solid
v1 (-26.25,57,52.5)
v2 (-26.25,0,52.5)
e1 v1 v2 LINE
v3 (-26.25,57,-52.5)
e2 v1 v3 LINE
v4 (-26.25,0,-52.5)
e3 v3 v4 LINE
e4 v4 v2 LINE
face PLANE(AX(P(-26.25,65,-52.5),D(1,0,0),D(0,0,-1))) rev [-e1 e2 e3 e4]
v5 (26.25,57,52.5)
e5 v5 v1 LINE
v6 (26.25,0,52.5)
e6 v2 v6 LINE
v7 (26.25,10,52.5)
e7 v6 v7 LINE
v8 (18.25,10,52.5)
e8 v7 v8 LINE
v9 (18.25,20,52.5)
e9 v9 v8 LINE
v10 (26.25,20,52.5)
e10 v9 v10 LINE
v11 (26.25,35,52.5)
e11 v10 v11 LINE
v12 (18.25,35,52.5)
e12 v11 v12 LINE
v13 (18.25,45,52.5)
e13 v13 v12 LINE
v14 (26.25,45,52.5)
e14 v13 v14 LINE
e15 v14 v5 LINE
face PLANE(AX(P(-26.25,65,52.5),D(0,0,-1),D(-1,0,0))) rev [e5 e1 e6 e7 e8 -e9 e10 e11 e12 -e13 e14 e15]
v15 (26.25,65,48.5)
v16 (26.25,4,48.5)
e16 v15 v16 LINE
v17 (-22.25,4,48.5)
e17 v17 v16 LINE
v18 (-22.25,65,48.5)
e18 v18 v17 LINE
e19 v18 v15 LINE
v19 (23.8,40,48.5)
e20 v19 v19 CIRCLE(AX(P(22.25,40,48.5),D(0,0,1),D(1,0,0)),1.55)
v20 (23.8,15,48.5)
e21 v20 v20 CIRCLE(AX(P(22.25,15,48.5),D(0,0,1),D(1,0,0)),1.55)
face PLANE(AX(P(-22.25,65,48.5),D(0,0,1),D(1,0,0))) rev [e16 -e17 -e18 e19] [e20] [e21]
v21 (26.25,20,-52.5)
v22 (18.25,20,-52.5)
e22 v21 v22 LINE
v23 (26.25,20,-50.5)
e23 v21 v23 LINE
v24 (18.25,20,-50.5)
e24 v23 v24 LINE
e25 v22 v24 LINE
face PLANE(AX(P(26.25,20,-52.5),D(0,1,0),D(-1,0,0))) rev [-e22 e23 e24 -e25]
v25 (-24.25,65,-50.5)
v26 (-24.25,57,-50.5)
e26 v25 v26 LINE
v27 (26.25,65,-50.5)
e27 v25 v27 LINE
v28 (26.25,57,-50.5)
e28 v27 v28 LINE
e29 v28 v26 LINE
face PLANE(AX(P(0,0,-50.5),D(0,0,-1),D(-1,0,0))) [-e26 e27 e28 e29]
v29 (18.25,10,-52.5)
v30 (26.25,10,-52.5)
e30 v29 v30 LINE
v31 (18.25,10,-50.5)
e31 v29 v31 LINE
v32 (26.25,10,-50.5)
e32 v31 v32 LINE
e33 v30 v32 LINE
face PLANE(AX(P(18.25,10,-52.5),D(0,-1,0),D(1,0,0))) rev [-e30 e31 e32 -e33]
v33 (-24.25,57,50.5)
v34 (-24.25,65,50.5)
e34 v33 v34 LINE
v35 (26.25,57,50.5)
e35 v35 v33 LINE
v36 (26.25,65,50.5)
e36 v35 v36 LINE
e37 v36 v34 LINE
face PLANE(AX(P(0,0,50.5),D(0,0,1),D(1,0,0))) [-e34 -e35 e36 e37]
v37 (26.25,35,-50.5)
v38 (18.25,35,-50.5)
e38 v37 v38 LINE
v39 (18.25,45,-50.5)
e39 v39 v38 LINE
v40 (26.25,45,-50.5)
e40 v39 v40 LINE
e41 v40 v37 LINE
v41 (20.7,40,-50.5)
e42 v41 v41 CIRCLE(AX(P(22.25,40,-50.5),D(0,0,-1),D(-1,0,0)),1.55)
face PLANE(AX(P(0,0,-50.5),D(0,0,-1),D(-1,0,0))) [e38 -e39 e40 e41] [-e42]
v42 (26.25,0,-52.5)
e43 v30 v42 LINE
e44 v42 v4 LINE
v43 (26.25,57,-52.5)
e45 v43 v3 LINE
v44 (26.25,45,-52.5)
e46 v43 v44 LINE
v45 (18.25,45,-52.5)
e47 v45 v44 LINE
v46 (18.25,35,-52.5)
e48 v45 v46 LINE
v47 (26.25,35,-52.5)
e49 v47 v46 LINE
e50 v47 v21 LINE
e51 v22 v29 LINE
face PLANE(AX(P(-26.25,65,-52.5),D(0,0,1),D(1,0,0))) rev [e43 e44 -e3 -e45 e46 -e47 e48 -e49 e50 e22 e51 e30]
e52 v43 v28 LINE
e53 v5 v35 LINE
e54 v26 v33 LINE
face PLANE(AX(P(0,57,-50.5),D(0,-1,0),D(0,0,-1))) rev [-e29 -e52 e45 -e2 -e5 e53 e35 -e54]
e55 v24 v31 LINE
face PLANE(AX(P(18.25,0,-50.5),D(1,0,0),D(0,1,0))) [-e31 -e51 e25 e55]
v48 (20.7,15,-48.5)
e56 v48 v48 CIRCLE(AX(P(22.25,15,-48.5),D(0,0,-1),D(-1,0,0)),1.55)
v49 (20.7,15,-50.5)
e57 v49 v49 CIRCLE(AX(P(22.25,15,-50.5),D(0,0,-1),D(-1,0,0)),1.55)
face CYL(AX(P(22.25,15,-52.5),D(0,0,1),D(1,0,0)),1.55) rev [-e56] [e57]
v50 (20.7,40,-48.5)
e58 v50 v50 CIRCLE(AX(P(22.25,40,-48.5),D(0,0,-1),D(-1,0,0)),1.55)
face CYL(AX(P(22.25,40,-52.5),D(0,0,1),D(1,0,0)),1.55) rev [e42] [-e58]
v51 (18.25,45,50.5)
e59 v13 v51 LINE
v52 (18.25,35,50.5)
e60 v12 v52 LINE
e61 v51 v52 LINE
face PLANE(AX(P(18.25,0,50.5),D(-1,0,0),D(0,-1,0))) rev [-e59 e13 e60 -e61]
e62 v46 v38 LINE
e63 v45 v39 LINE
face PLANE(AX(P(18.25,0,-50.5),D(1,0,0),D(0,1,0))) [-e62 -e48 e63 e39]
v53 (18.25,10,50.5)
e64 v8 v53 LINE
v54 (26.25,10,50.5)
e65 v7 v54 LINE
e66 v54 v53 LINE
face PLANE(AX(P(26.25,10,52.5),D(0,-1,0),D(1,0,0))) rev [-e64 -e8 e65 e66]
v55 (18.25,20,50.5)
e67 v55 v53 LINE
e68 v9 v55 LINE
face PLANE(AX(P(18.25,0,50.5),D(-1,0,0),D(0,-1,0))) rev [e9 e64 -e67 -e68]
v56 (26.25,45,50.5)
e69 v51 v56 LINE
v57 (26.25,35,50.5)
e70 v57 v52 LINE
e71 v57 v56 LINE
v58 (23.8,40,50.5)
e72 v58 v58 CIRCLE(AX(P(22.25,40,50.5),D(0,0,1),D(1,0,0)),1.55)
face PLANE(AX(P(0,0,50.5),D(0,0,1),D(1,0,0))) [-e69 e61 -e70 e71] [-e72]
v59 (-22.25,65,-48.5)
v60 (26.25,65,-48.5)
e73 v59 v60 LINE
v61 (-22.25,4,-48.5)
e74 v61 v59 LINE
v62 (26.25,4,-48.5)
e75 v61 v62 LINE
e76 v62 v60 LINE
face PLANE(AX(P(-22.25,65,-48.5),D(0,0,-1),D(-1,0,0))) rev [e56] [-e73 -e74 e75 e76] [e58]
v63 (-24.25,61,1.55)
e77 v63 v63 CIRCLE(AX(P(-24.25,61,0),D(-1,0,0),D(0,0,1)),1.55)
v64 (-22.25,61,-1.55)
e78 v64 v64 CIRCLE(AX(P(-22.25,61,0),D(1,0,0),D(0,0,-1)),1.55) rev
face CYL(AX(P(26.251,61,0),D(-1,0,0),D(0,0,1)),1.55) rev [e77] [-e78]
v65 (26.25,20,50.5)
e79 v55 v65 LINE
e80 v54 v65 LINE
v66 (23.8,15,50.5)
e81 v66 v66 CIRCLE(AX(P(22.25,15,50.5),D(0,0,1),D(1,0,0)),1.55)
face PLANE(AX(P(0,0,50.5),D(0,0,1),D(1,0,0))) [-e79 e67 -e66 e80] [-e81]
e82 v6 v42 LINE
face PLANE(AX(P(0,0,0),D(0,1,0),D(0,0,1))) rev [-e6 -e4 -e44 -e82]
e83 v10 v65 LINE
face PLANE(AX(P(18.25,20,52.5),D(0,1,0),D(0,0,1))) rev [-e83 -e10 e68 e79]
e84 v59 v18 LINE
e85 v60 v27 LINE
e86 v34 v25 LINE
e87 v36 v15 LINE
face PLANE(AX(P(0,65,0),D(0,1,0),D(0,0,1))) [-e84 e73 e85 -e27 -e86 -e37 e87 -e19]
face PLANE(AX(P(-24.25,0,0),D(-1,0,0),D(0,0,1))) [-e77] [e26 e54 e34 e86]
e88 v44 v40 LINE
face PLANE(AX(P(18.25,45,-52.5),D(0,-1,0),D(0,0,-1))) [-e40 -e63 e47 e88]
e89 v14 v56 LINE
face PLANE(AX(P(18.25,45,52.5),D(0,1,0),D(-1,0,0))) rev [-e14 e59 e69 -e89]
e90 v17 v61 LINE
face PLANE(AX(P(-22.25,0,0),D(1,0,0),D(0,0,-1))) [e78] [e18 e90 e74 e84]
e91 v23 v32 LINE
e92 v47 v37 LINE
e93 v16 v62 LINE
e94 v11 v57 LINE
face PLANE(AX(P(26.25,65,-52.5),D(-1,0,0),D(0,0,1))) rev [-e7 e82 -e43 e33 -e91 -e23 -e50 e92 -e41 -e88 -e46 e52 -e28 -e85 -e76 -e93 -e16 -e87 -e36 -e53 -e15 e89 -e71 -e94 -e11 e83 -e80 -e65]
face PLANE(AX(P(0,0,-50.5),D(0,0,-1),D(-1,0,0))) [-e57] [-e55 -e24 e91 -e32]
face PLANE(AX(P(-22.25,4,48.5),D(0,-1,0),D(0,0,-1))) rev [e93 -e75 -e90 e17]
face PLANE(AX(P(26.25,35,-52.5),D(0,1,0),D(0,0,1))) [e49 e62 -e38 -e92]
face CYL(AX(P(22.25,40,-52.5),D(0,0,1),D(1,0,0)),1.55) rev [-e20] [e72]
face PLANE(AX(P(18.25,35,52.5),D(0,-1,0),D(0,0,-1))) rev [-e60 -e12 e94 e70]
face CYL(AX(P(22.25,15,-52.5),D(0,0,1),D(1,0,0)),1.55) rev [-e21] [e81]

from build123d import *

# Parameters (mm, degrees)
SKETCH1_W           = 52.5
SKETCH1_H           = 105
BOSS_EXTRUDE1_DEPTH = 65
SKETCH2_W           = 97
SKETCH2_H           = 61
CUT_EXTRUDE1_DEPTH  = 48.5
SKETCH4_W           = 8
SKETCH4_H           = 57
CUT_EXTRUDE2_DEPTH  = 2
SKETCH5_W           = 8
SKETCH5_H           = 57
CUT_EXTRUDE3_DEPTH  = 2
SKETCH7_W           = 101
SKETCH7_H           = 8
CUT_EXTRUDE5_DEPTH  = 2
CUT_EXTRUDE6_REACH  = 52.5
SKETCH9_R           = 1.55
SKETCH10_R          = 1.55
CUT_EXTRUDE7_DEPTH  = 104
SKETCH12_W          = 8
SKETCH12_H          = 12
SKETCH12_H_2        = 10
SKETCH12_H_3        = 15
BOSS_EXTRUDE2_DEPTH = 2
SKETCH13_W          = 8
SKETCH13_H          = 12
SKETCH13_H_2        = 15
SKETCH13_H_3        = 10
BOSS_EXTRUDE3_DEPTH = 2


with BuildPart() as part:
    # Sketch1 → Boss-Extrude1 (new body)
    with BuildSketch(Plane(origin=(0, 0, 0), x_dir=(1, 0, 0), z_dir=(0, 1, 0))):
        Rectangle(SKETCH1_W, SKETCH1_H)
    extrude(amount=BOSS_EXTRUDE1_DEPTH)

    # Sketch2 → Cut-Extrude1 (cut)
    with BuildSketch(Plane(origin=(26.25, 0, 0), x_dir=(0, 0, -1), z_dir=(1, 0, 0))):
        with Locations((0, 34.5)):
            Rectangle(SKETCH2_W, SKETCH2_H)
    extrude(amount=-CUT_EXTRUDE1_DEPTH, mode=Mode.SUBTRACT)

    # Sketch4 → Cut-Extrude2 (cut)
    with BuildSketch(Plane(origin=(0, 0, -52.5), x_dir=(-1, 0, 0), z_dir=(0, 0, -1))):
        with Locations((-22.25, 28.5)):
            Rectangle(SKETCH4_W, SKETCH4_H)
        Polygon((26.25, 65), (-26.25, 65), (-26.25, 57), (-18.25, 57), (26.25, 57), align=None)
    extrude(amount=-CUT_EXTRUDE2_DEPTH, mode=Mode.SUBTRACT)

    # Sketch5 → Cut-Extrude3 (cut)
    with BuildSketch(Plane.XY.offset(52.5)):
        Polygon((26.25, 57), (26.25, 65), (-26.25, 65), (-26.25, 57), (18.25, 57), align=None)
        with Locations((22.25, 28.5)):
            Rectangle(SKETCH5_W, SKETCH5_H)
    extrude(amount=-CUT_EXTRUDE3_DEPTH, mode=Mode.SUBTRACT)

    # Sketch7 → Cut-Extrude5 (cut)
    with BuildSketch(Plane.ZY.offset(26.25)):
        with Locations((0, 61)):
            Rectangle(SKETCH7_W, SKETCH7_H)
    extrude(amount=-CUT_EXTRUDE5_DEPTH, mode=Mode.SUBTRACT)

    # Sketch9 → Cut-Extrude6 (cut, up to next)
    with BuildSketch(Plane.ZY.offset(24.25), mode=Mode.PRIVATE) as cut_extrude6_sk1:
        with Locations((0, 61)):
            Circle(SKETCH9_R)
    cut_extrude6_tool1 = extrude(cut_extrude6_sk1.sketch, amount=-CUT_EXTRUDE6_REACH, mode=Mode.PRIVATE) & part.part
    add(cut_extrude6_tool1.solids().sort_by_distance((-24.25, 61, 0))[0], mode=Mode.SUBTRACT)

    # Sketch10 → Cut-Extrude7 (cut, through all)
    with BuildSketch(Plane.XY.offset(50.5)):
        with Locations((22.25, 15)):
            Circle(SKETCH10_R)
        with Locations((22.25, 40)):
            Circle(SKETCH10_R)
    extrude(amount=-CUT_EXTRUDE7_DEPTH, mode=Mode.SUBTRACT)

    # Sketch12 → Boss-Extrude2 (add)
    with BuildSketch(Plane.XY.offset(50.5)):
        with Locations((22.25, 51)):
            Rectangle(SKETCH12_W, SKETCH12_H)
        with Locations((22.25, 5)):
            Rectangle(SKETCH12_W, SKETCH12_H_2)
        with Locations((22.25, 27.5)):
            Rectangle(SKETCH12_W, SKETCH12_H_3)
    extrude(amount=BOSS_EXTRUDE2_DEPTH)

    # Sketch13 → Boss-Extrude3 (add)
    with BuildSketch(Plane(origin=(0, 0, -50.5), x_dir=(-1, 0, 0), z_dir=(0, 0, -1))):
        with Locations((-22.25, 51)):
            Rectangle(SKETCH13_W, SKETCH13_H)
        with Locations((-22.25, 27.5)):
            Rectangle(SKETCH13_W, SKETCH13_H_2)
        with Locations((-22.25, 5)):
            Rectangle(SKETCH13_W, SKETCH13_H_3)
    extrude(amount=BOSS_EXTRUDE3_DEPTH)


solid = part.part
